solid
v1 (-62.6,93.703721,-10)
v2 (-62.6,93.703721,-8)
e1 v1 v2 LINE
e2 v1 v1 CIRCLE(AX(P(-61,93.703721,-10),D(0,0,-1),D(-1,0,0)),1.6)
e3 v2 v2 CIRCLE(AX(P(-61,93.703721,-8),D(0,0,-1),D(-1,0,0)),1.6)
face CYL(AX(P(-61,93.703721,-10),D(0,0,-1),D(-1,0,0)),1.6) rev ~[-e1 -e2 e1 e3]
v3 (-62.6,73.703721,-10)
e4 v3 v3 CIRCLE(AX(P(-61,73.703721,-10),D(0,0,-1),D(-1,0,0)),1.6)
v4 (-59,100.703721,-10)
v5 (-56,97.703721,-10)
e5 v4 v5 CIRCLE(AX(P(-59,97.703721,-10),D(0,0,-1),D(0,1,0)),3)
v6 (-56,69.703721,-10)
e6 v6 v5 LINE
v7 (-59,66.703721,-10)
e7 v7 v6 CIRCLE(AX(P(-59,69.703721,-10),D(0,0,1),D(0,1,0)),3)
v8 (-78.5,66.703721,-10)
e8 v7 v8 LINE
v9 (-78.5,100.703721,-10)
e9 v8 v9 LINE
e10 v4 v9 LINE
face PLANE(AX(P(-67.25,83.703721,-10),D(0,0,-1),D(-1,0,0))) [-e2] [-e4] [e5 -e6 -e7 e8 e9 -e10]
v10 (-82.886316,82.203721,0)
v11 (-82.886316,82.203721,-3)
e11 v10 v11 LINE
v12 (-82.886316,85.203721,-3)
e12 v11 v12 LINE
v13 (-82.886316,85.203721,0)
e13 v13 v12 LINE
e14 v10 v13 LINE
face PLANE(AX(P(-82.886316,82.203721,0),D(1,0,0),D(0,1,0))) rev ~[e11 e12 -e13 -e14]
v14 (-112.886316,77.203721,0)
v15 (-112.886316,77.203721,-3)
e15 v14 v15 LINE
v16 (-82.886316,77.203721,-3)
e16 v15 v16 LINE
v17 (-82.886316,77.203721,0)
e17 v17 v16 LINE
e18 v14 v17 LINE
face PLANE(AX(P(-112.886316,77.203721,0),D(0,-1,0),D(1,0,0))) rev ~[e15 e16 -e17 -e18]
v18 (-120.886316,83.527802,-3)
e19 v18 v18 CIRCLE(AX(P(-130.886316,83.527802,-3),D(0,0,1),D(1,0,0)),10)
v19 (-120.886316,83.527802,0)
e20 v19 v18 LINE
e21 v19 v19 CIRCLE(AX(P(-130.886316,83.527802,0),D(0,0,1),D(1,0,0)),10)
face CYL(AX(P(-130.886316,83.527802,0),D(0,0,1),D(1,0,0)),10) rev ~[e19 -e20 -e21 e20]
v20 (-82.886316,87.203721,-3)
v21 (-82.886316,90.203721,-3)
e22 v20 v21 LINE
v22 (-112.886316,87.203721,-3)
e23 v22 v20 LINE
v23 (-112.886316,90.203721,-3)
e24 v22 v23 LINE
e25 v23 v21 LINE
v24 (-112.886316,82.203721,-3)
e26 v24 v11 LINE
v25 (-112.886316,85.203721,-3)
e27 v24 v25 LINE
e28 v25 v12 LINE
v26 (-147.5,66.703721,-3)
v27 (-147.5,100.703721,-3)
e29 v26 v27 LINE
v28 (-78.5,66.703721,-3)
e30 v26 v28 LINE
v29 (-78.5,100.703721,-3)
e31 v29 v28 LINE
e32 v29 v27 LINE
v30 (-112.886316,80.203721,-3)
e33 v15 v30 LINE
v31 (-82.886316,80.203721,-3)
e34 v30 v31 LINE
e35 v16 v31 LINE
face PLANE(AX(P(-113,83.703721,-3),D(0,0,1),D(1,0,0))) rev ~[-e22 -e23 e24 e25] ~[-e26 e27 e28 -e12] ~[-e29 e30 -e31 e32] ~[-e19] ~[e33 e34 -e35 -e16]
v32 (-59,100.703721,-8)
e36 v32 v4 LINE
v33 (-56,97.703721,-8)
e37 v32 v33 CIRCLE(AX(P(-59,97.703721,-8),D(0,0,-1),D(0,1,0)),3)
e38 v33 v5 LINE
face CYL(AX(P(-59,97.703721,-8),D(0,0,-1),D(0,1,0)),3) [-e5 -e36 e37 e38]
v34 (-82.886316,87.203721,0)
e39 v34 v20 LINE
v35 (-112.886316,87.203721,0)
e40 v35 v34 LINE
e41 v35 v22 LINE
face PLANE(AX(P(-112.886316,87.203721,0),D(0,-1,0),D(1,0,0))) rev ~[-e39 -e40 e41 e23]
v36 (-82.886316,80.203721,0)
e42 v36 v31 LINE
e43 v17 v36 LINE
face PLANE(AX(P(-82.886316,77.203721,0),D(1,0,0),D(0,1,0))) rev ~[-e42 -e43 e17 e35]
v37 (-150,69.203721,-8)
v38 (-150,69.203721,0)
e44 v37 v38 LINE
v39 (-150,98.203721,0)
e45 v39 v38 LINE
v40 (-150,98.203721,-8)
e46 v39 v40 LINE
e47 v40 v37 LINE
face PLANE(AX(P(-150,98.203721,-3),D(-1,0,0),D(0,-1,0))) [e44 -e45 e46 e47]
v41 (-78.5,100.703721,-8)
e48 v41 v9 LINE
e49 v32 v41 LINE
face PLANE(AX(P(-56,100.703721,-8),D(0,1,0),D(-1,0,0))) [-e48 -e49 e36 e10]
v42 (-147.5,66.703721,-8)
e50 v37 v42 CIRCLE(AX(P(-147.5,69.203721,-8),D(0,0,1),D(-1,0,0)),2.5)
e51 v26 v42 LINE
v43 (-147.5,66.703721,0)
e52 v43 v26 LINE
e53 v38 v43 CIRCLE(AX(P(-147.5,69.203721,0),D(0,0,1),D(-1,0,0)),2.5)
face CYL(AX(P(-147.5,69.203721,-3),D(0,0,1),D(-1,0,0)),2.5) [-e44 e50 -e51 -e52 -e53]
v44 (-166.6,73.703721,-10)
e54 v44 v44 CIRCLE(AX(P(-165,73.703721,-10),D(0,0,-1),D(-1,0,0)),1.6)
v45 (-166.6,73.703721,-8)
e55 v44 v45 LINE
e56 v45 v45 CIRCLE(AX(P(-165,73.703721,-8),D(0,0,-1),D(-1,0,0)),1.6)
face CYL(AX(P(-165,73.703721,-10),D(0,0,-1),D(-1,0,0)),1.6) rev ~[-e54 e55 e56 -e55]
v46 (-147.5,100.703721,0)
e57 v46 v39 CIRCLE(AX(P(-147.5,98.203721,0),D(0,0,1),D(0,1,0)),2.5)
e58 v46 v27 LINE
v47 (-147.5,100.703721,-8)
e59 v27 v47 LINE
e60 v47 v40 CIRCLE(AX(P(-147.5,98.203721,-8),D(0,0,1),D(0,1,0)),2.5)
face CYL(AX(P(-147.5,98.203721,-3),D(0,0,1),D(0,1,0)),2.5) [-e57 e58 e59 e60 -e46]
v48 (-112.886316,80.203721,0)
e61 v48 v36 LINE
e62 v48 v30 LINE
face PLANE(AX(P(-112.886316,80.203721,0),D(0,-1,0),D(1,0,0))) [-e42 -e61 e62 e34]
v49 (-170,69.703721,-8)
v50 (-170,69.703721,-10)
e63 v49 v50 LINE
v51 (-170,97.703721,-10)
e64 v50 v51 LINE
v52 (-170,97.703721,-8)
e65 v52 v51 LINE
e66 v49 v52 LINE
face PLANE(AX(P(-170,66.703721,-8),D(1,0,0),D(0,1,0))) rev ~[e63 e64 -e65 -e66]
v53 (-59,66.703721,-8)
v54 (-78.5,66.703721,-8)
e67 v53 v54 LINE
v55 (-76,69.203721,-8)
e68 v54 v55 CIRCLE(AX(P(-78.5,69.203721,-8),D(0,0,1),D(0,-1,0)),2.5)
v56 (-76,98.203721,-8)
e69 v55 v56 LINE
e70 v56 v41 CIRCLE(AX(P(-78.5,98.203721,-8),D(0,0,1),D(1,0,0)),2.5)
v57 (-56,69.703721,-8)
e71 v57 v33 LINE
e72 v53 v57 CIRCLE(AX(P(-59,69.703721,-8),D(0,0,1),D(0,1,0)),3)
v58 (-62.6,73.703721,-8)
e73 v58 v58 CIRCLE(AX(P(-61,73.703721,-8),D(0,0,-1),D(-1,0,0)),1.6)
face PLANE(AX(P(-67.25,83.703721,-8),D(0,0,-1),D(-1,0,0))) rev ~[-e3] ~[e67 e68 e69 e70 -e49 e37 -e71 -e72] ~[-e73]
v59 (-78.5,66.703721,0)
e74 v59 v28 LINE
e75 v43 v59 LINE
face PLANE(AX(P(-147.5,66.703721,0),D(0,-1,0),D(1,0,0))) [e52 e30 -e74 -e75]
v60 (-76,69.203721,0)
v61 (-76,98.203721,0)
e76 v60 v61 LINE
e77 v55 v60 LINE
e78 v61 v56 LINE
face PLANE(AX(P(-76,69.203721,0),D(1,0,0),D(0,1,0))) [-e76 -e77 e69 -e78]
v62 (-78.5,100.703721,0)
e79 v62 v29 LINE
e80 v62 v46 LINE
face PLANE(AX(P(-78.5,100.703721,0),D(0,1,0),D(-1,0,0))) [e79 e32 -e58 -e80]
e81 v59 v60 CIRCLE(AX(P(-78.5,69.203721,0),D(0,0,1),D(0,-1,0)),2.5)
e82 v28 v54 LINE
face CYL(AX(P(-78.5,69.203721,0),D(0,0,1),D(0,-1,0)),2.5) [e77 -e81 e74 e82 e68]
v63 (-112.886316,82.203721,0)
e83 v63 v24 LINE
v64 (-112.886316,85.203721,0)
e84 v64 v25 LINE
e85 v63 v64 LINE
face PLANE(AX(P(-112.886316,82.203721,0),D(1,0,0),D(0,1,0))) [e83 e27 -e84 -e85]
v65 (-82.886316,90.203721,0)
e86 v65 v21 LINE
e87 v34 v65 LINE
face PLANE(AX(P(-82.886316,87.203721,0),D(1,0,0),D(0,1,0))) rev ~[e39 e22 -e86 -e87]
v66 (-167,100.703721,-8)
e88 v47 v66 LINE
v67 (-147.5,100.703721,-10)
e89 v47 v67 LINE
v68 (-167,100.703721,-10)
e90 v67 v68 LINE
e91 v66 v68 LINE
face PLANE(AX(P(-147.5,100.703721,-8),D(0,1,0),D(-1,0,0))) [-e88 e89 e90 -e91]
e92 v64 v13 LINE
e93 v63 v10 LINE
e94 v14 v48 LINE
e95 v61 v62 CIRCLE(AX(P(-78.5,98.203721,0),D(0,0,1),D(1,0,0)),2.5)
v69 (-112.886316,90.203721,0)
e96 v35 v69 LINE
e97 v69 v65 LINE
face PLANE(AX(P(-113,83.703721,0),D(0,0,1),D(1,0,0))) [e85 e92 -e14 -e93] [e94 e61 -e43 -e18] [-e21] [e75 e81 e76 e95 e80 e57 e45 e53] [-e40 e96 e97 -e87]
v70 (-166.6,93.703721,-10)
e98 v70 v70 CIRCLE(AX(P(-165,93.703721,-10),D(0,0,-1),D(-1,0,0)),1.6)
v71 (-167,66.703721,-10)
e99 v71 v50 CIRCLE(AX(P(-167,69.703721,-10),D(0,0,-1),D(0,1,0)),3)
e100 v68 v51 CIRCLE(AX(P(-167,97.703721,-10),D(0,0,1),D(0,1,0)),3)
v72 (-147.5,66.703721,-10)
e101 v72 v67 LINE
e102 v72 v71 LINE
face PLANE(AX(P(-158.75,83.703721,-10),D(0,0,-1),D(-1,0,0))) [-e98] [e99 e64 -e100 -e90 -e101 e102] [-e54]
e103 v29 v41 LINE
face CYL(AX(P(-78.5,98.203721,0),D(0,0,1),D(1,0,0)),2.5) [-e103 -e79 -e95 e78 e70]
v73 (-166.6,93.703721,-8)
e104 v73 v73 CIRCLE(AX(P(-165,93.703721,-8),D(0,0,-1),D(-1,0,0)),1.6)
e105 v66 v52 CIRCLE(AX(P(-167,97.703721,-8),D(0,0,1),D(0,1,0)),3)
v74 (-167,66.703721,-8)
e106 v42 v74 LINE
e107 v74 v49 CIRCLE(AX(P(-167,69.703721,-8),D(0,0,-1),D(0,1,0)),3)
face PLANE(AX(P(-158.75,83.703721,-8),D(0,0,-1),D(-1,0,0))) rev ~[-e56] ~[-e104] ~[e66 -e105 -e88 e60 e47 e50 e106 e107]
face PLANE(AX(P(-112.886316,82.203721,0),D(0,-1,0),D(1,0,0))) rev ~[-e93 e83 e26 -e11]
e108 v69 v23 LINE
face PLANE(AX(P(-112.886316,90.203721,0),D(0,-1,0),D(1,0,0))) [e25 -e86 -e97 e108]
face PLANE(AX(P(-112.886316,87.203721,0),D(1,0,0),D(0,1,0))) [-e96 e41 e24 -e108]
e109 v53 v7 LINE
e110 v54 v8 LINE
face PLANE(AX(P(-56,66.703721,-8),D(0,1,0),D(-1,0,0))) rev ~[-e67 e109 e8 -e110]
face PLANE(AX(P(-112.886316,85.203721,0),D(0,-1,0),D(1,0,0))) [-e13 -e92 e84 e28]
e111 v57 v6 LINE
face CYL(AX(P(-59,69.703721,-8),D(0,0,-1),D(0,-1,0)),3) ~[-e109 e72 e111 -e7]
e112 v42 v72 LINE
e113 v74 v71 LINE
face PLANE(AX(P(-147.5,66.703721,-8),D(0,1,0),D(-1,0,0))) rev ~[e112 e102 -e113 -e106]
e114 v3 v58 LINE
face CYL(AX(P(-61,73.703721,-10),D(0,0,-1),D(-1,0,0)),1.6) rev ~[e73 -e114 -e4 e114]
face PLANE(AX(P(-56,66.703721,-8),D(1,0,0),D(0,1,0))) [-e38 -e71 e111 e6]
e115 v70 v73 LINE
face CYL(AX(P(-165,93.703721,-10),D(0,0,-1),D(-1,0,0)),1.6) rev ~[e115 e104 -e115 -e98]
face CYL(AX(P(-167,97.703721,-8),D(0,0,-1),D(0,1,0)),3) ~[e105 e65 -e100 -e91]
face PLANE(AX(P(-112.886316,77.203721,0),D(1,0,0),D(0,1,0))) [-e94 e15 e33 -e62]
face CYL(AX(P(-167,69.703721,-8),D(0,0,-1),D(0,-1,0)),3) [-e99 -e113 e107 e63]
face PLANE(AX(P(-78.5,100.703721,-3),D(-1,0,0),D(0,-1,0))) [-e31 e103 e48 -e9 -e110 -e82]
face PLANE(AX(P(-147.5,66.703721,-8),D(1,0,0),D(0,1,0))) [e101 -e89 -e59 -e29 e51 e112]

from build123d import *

# Parameters (mm, degrees)
SKETCH1_R           = 10
SKETCH1_W           = 30
SKETCH1_H           = 3
BOSS_EXTRUDE1_DEPTH = 3
BOSS_EXTRUDE3_DEPTH = 5
SKETCH2_W           = 22.5
SKETCH2_H           = 34
BOSS_EXTRUDE2_DEPTH = 2
SKETCH4_R           = 1.6
CUT_EXTRUDE1_DEPTH  = 11
FILLET1_R           = 3


with BuildPart() as part:
    # Sketch1 → Boss-Extrude1 (new body)
    with BuildSketch(Plane.XY):
        with BuildLine():
            Line((-150, 98.203720637), (-150, 69.203720637))
            ThreePointArc((-150, 69.203720637), (-149.267766953, 67.435953684), (-147.5, 66.703720637))
            Line((-147.5, 66.703720637), (-78.5, 66.703720637))
            ThreePointArc((-78.5, 66.703720637), (-76.732233047, 67.435953684), (-76, 69.203720637))
            Line((-76, 69.203720637), (-76, 98.203720637))
            ThreePointArc((-76, 98.203720637), (-76.732233047, 99.97148759), (-78.5, 100.703720637))
            Line((-78.5, 100.703720637), (-147.5, 100.703720637))
            ThreePointArc((-147.5, 100.703720637), (-149.267766953, 99.97148759), (-150, 98.203720637))
        make_face()
        with Locations((-130.886316496, 83.527802162)):
            Circle(SKETCH1_R, mode=Mode.SUBTRACT)
        with Locations((-97.886316496, 83.703720637)):
            Rectangle(SKETCH1_W, SKETCH1_H, mode=Mode.SUBTRACT)
        with Locations((-97.886316496, 88.703720637)):
            Rectangle(SKETCH1_W, SKETCH1_H, mode=Mode.SUBTRACT)
        with Locations((-97.886316496, 78.703720637)):
            Rectangle(SKETCH1_W, SKETCH1_H, mode=Mode.SUBTRACT)
    extrude(amount=-BOSS_EXTRUDE1_DEPTH)

    # Sketch3 → Boss-Extrude3 (add)
    with BuildSketch(Plane(origin=(0, 0, -3), x_dir=(-1, 0, 0), z_dir=(0, 0, -1))):
        with BuildLine():
            Line((150, 98.203720637), (150, 69.203720637))
            ThreePointArc((150, 69.203720637), (149.267766953, 67.435953684), (147.5, 66.703720637))
            Line((147.5, 66.703720637), (147.5, 100.703720637))
            ThreePointArc((147.5, 100.703720637), (149.267766953, 99.97148759), (150, 98.203720637))
        make_face()
        with BuildLine():
            Line((78.5, 100.703720637), (78.5, 66.703720637))
            ThreePointArc((78.5, 66.703720637), (76.732233047, 67.435953684), (76, 69.203720637))
            Line((76, 69.203720637), (76, 98.203720637))
            ThreePointArc((76, 98.203720637), (76.732233047, 99.97148759), (78.5, 100.703720637))
        make_face()
    extrude(amount=BOSS_EXTRUDE3_DEPTH)

    # Sketch2 → Boss-Extrude2 (add)
    with BuildSketch(Plane(origin=(0, 0, -8), x_dir=(-1, 0, 0), z_dir=(0, 0, -1))):
        with Locations((158.75, 83.703720637)):
            Rectangle(SKETCH2_W, SKETCH2_H)
        with Locations((67.25, 83.703720637)):
            Rectangle(SKETCH2_W, SKETCH2_H)
    extrude(amount=BOSS_EXTRUDE2_DEPTH)

    # Sketch4 → Cut-Extrude1 (cut, through all)
    with BuildSketch(Plane(origin=(0, 0, -10), x_dir=(-1, 0, 0), z_dir=(0, 0, -1))):
        with Locations((61, 93.703720637)):
            Circle(SKETCH4_R)
        with Locations((61, 73.703720637)):
            Circle(SKETCH4_R)
        with Locations((165, 73.703720637)):
            Circle(SKETCH4_R)
        with Locations((165, 93.703720637)):
            Circle(SKETCH4_R)
    extrude(amount=-CUT_EXTRUDE1_DEPTH, mode=Mode.SUBTRACT)

    # Fillet1
    fillet1_edges = [part.edges().sort_by_distance(p)[0] for p in [
        (-56, 100.703720637, -9),
        (-56, 66.703720637, -9),
        (-170, 66.703720637, -9),
        (-170, 100.703720637, -9),
    ]]
    fillet(fillet1_edges, radius=FILLET1_R)


solid = part.part
